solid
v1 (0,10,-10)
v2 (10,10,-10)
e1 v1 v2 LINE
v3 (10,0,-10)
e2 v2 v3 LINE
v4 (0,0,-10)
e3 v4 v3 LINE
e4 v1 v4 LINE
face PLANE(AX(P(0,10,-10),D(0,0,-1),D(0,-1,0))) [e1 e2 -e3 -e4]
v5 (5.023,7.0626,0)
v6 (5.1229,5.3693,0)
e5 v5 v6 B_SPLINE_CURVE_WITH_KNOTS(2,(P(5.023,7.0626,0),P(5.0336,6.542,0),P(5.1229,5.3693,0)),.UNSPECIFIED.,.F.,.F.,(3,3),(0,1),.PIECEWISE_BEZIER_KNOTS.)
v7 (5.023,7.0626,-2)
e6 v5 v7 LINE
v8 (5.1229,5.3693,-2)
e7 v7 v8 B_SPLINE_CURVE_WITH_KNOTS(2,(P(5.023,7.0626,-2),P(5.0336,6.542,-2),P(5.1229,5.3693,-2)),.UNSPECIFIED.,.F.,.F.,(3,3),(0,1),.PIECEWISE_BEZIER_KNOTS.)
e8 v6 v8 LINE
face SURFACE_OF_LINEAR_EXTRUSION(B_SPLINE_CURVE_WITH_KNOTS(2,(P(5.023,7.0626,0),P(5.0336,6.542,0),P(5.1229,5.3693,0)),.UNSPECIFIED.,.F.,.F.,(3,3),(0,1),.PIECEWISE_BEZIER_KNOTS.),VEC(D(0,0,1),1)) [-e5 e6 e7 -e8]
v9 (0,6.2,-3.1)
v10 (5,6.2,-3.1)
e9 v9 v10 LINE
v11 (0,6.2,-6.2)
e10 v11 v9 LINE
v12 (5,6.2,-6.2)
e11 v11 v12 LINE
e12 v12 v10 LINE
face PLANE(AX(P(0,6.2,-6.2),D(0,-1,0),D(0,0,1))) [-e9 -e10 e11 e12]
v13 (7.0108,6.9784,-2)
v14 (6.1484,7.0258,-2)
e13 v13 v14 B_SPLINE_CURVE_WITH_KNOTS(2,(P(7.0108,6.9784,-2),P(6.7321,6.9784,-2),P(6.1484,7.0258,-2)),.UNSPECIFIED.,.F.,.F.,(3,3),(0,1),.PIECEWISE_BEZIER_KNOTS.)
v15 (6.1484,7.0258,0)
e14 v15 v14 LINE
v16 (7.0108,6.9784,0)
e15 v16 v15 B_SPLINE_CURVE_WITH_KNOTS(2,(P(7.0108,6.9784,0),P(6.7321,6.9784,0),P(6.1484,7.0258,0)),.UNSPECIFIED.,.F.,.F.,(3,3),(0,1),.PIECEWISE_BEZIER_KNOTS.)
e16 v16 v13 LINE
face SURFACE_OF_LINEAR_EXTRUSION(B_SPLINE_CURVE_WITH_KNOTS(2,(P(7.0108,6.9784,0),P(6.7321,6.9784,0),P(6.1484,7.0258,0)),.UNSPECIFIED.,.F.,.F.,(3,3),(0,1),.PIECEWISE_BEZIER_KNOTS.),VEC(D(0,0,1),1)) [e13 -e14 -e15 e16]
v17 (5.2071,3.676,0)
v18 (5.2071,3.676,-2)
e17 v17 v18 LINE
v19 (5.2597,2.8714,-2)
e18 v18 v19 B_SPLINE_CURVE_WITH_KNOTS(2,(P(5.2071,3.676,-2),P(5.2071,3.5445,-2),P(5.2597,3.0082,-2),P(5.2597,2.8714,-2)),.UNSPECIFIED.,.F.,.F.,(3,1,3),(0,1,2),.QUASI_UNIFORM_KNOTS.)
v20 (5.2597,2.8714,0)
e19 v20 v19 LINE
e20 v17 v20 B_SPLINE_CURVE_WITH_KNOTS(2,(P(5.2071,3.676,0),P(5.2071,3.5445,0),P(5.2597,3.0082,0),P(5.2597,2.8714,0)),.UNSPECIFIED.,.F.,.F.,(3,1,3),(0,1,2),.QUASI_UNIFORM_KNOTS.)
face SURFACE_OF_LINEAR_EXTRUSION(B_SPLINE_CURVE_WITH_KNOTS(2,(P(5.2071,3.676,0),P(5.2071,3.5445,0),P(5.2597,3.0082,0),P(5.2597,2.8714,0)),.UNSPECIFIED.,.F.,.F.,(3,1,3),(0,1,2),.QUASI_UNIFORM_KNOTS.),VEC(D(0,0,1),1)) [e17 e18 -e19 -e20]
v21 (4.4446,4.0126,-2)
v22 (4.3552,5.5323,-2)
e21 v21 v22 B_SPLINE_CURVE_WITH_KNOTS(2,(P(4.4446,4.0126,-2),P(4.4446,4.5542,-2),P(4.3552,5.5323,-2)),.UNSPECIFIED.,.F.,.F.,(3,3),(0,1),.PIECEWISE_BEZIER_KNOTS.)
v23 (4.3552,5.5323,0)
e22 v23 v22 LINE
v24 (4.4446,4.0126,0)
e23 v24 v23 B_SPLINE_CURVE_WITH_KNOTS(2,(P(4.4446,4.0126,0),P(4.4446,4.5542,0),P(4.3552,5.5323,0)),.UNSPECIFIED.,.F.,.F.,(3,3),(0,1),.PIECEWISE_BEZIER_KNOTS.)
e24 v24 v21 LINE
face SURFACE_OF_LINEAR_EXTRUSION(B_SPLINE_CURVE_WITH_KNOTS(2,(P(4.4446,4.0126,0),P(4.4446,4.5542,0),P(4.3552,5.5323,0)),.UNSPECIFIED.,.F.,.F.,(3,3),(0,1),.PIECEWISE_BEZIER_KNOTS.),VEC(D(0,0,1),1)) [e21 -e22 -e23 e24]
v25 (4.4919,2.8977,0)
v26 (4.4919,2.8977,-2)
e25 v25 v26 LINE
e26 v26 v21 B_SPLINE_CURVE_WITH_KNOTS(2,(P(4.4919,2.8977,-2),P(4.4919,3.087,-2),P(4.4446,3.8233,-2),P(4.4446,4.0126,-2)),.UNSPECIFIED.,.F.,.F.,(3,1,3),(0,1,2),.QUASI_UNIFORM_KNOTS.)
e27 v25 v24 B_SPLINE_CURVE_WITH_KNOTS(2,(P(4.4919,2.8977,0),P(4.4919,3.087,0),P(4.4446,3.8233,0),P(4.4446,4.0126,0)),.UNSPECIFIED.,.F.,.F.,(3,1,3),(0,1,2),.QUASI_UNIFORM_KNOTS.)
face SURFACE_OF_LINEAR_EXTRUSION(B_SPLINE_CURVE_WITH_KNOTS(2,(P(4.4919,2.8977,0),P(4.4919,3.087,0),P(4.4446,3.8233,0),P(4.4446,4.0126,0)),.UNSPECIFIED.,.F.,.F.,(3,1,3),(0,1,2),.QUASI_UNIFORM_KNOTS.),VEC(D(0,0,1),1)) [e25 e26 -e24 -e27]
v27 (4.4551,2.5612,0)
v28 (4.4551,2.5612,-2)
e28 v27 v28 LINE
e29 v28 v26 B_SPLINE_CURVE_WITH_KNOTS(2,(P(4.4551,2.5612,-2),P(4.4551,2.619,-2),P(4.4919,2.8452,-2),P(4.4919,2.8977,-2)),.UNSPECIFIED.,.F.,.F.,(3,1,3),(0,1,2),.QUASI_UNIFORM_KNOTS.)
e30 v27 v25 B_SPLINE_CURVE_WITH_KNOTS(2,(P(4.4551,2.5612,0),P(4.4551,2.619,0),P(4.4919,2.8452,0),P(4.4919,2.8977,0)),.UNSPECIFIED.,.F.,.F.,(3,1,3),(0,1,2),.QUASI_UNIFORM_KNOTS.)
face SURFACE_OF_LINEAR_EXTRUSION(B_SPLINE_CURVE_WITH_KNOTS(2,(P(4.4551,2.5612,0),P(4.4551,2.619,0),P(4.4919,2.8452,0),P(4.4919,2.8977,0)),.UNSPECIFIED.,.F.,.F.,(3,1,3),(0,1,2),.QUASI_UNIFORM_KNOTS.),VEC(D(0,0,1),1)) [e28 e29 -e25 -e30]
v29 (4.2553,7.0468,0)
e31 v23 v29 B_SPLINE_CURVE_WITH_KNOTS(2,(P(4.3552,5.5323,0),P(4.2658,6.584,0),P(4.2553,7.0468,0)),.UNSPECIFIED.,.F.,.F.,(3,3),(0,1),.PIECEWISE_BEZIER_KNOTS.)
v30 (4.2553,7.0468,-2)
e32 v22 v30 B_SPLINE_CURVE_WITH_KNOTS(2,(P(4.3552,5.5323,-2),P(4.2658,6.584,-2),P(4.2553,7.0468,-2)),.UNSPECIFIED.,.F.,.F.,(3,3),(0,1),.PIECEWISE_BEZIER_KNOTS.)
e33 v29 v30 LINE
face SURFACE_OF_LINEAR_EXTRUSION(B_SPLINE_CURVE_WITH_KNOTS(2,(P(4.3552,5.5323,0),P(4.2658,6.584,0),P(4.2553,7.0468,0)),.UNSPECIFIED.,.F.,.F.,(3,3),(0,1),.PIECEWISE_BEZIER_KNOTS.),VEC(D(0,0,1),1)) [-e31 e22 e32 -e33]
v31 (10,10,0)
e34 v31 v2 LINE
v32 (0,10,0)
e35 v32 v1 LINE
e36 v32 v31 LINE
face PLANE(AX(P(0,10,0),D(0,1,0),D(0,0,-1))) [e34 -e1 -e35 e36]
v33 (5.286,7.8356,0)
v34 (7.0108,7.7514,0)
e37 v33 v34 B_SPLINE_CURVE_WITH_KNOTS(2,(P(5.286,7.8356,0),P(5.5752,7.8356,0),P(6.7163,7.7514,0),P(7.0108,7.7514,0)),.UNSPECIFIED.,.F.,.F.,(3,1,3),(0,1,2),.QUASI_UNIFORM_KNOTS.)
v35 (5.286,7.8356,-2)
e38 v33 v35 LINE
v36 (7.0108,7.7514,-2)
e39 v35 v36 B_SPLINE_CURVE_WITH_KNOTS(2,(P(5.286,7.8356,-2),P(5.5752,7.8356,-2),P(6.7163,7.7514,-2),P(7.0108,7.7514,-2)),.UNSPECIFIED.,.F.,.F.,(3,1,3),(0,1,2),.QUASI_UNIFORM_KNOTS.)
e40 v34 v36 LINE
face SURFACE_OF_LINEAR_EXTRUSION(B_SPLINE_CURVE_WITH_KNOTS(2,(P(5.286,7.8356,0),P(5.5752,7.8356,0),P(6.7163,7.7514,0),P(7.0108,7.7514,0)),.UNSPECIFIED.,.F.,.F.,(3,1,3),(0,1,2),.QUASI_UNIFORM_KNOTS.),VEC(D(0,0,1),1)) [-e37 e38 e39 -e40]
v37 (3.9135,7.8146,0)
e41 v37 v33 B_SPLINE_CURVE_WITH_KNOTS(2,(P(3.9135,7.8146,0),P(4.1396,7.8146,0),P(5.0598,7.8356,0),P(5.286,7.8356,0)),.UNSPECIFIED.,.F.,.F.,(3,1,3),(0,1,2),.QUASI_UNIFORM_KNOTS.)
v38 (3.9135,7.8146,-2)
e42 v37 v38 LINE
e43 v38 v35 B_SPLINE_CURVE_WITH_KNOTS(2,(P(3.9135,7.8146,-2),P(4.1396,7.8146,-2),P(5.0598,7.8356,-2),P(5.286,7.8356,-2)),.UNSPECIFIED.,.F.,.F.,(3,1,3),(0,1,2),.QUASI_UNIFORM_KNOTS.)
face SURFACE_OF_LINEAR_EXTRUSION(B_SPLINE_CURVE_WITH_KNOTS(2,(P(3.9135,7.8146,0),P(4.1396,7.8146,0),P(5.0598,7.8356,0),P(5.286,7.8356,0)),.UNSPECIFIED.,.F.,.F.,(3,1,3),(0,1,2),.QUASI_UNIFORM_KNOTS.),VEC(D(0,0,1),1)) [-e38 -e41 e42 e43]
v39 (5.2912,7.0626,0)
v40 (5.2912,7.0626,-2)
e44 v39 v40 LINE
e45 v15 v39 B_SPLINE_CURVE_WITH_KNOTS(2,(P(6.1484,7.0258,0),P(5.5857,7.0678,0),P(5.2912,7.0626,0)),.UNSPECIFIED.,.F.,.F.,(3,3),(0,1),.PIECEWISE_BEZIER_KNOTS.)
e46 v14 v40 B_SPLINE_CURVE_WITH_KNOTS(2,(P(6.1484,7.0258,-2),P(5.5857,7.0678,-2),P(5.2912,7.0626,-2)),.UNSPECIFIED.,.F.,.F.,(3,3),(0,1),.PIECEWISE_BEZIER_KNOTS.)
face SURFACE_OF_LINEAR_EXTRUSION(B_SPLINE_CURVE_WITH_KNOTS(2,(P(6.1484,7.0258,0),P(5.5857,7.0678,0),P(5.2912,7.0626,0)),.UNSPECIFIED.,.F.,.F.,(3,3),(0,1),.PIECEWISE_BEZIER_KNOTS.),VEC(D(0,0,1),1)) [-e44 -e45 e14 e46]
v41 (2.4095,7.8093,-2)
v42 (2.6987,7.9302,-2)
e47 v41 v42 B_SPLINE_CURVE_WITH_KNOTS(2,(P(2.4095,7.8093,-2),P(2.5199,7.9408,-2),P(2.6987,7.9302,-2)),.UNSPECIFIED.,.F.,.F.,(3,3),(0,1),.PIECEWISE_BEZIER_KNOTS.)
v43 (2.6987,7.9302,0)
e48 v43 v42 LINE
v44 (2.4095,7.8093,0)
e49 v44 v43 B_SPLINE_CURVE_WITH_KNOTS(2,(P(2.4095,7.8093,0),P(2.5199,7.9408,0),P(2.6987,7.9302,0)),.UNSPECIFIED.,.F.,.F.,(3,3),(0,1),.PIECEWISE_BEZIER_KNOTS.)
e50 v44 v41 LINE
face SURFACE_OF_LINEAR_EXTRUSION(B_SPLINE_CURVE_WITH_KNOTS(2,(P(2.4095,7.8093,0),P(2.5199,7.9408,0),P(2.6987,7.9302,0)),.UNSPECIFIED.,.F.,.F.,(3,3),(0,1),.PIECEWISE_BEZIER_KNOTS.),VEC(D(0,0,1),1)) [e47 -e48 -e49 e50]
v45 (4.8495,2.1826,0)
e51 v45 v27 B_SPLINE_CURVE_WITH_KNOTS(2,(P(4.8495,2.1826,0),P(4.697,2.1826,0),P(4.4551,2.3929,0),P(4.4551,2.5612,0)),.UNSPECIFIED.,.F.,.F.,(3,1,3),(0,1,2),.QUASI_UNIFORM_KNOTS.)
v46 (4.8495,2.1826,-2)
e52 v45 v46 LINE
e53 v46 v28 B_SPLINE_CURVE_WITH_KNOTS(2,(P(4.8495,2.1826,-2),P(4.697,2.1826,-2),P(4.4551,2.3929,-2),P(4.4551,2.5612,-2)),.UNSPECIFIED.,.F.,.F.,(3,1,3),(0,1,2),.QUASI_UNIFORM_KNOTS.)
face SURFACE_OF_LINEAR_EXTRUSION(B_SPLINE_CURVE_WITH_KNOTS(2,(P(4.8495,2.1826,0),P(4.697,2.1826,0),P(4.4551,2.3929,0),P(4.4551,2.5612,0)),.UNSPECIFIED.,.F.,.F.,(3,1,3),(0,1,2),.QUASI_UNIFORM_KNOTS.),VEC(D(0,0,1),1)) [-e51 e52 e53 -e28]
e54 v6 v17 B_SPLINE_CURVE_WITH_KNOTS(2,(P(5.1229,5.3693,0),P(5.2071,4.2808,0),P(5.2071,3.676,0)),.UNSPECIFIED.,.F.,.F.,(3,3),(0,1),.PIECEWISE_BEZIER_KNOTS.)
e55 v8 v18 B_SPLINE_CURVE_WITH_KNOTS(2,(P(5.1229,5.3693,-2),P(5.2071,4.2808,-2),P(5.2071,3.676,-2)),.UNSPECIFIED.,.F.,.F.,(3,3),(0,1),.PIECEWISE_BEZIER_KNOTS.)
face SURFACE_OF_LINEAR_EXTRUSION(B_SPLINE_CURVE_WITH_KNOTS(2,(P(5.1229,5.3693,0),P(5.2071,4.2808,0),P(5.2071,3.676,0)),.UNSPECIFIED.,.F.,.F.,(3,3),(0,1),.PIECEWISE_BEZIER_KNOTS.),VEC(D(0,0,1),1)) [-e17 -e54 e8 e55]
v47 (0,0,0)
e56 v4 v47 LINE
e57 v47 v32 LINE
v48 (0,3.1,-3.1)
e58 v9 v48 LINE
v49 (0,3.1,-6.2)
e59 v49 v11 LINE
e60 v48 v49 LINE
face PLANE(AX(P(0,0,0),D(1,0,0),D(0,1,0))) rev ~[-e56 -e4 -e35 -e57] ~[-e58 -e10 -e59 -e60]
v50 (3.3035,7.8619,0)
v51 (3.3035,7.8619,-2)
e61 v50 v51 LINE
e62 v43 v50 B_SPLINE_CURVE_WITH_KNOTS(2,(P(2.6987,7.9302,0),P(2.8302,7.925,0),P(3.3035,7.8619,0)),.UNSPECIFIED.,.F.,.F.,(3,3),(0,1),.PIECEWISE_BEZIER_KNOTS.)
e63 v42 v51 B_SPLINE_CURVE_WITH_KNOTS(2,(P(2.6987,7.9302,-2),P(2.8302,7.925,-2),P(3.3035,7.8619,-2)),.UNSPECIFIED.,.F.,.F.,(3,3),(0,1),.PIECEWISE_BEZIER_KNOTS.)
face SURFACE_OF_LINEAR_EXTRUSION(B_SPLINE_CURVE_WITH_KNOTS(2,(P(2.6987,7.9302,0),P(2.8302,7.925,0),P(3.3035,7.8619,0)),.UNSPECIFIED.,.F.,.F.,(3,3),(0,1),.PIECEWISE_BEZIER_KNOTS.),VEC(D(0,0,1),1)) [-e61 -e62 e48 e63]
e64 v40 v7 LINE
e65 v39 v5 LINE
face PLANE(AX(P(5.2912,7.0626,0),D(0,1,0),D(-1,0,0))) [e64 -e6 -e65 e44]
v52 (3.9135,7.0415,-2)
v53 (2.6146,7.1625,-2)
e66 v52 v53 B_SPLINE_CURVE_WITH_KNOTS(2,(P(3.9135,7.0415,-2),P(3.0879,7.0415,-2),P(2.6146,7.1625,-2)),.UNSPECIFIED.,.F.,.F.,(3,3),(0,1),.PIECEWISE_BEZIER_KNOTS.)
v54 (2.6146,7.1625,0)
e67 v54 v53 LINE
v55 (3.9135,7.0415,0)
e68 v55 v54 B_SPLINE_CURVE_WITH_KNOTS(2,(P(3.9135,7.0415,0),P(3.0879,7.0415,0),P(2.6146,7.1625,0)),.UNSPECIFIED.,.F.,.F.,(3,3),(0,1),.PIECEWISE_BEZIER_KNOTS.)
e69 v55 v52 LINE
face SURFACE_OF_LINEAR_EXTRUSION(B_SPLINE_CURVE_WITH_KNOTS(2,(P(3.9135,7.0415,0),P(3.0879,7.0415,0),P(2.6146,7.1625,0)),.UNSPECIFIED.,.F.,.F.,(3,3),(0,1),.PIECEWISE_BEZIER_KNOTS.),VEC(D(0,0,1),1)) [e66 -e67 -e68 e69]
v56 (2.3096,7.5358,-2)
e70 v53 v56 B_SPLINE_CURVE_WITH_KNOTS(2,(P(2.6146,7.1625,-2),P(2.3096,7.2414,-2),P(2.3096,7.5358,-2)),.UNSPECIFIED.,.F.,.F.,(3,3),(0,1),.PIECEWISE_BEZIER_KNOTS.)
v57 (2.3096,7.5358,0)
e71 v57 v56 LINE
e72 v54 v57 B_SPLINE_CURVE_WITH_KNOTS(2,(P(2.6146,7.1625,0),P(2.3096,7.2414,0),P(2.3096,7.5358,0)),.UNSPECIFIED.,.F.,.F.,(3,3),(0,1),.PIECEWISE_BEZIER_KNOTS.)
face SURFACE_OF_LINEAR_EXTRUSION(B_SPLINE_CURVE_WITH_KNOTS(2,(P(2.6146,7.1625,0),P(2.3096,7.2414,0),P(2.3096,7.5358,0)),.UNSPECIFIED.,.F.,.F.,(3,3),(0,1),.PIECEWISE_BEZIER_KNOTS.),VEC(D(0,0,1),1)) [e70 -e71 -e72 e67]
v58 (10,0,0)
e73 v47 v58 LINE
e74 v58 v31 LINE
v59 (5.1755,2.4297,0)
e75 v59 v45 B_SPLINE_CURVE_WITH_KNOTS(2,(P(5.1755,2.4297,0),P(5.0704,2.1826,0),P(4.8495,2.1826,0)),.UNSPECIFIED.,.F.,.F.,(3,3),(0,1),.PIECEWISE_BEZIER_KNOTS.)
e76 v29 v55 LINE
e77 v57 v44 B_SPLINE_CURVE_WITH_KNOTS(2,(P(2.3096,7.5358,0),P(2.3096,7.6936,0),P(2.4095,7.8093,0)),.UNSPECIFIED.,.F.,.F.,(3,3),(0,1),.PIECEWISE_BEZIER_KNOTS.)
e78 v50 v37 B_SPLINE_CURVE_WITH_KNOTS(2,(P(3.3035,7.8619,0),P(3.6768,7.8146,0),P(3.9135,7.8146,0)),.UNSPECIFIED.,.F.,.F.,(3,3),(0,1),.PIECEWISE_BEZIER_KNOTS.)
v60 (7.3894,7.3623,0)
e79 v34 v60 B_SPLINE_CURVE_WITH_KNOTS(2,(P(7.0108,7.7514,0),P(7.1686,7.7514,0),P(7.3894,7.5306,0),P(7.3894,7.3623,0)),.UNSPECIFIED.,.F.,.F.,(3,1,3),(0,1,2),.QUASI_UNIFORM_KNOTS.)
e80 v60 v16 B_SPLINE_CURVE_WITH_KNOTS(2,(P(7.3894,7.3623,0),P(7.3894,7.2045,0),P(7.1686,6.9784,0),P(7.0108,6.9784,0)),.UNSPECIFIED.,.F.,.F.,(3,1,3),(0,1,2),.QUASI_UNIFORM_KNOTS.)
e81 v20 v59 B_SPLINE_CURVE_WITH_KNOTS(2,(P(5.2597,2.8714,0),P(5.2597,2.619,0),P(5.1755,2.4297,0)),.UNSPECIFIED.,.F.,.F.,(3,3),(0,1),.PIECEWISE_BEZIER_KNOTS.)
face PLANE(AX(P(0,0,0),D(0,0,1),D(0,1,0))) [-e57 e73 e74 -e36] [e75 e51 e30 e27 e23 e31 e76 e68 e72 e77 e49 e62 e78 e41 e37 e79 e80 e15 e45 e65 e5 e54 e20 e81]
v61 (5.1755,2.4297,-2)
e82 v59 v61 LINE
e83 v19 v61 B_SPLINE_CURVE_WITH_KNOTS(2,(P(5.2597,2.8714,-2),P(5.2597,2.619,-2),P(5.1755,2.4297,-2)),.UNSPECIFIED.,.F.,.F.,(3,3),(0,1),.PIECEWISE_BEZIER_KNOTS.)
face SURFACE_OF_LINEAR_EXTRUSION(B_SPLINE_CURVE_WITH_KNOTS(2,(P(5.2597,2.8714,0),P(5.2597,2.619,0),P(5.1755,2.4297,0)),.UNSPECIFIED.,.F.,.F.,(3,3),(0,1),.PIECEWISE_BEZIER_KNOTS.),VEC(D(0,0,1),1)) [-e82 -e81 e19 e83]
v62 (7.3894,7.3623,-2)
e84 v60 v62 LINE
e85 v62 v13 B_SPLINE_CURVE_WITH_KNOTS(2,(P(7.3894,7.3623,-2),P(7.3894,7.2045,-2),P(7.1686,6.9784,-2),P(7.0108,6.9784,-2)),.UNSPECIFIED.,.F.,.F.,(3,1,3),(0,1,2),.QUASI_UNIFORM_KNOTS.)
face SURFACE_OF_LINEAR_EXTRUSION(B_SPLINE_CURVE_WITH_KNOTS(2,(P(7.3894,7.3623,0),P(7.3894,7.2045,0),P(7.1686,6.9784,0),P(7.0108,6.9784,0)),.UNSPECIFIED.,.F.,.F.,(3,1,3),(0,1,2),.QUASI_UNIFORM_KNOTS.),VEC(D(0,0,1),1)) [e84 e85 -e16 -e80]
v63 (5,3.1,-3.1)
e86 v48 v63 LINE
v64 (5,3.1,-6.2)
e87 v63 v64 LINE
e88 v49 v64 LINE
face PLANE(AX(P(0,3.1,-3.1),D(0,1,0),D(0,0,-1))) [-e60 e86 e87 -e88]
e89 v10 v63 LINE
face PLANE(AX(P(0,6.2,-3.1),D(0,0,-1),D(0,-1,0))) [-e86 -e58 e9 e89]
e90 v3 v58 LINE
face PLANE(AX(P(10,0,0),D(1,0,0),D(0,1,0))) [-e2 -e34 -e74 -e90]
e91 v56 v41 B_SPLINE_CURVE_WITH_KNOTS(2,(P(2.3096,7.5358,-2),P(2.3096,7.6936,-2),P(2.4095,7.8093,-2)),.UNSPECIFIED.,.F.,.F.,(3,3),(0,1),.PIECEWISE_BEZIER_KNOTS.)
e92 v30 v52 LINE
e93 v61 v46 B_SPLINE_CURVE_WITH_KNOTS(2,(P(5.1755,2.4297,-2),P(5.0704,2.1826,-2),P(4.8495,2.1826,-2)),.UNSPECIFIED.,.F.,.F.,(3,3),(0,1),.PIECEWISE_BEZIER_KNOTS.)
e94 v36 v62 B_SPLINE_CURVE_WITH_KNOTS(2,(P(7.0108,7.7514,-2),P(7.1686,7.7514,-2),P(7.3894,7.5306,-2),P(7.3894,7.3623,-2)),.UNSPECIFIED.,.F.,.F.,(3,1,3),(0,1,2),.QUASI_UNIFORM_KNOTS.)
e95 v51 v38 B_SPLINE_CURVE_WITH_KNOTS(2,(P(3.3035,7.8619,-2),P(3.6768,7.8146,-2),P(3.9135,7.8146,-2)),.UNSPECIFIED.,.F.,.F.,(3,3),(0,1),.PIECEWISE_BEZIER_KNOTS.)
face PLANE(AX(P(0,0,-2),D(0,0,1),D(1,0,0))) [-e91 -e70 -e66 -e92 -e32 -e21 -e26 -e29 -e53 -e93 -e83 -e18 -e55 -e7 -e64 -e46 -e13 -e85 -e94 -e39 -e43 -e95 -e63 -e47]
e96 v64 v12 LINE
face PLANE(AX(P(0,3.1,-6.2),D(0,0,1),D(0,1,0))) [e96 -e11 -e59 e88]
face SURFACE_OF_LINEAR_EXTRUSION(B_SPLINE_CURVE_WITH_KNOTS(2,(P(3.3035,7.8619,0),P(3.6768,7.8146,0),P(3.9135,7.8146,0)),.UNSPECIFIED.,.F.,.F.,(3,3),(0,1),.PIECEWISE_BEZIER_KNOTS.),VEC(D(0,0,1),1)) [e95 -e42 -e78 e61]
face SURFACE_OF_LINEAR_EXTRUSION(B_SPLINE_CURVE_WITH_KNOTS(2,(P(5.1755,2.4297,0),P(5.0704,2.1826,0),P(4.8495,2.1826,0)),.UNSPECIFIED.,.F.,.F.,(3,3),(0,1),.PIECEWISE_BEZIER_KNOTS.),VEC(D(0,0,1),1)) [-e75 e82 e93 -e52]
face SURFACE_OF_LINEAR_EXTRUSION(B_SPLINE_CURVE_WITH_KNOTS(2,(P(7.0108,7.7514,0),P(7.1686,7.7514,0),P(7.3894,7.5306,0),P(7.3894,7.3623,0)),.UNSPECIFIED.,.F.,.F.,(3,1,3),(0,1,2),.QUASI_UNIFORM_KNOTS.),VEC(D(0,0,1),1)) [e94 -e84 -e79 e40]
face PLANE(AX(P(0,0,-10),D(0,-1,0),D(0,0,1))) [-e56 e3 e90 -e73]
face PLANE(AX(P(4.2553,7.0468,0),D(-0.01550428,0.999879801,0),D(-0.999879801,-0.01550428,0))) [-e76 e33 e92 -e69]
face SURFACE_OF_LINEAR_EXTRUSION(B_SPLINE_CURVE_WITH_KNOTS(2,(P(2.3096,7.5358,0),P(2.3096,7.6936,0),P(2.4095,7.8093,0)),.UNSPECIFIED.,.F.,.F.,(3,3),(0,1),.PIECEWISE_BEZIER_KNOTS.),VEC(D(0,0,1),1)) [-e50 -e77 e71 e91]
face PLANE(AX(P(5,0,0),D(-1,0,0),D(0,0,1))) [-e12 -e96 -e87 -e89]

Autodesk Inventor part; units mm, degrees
ref_plane "YZ Plane" through (0, 0, 0) normal (1, 0, 0) x (0, 1, 0)
ref_plane "XZ Plane" through (0, 0, 0) normal (0, 1, 0) x (-1, 0, 0)
ref_plane "XY Plane" through (0, 0, 0) normal (0, 0, 1) x (1, 0, 0)
sketch "Sketch1" plane through (0, 0, 0) normal (1, 0, 0) x (0, 1, 0)
  line L0 (0, 0) -> (10, 0)
  line L1 (10, 0) -> (10, -10)
  line L2 (10, -10) -> (0, -10)
  line L3 (0, -10) -> (0, 0)
  dimension "d0" = 10
  dimension "d1" = 10
extrude "Extrusion1" add sketch "Sketch1" along normal blind 10
sketch "Sketch4" plane through (0, 0, 0) normal (0, 0, 1) x (1, 0, 0)
  line L0 (1.8731, 7.9408) -> (4.4271, 7.9408) construction
  line L1 (4.4271, 7.9408) -> (4.4271, 4.8928) construction
  line L2 (4.4271, 4.8928) -> (1.8731, 4.8928) construction
  line L3 (1.8731, 4.8928) -> (1.8731, 7.9408) construction
  spline S0 degree 2 poles (7.0108, 6.9784) (6.7321, 6.9784) (6.1484, 7.0258) knots 0 0 0 1 1 1
  spline S1 degree 2 poles (6.1484, 7.0258) (5.5857, 7.0678) (5.2912, 7.0626) knots 0 0 0 1 1 1
  line L4 (5.2912, 7.0626) -> (5.023, 7.0626)
  spline S2 degree 2 poles (5.023, 7.0626) (5.0336, 6.542) (5.1229, 5.3693) knots 0 0 0 1 1 1
  spline S3 degree 2 poles (5.1229, 5.3693) (5.2071, 4.2808) (5.2071, 3.676) knots 0 0 0 1 1 1
  spline S4 degree 2 poles (5.2071, 3.676) (5.2071, 3.5445) (5.2597, 3.0082) (5.2597, 2.8714) knots 0 0 0 1 2 2 2
  spline S5 degree 2 poles (5.2597, 2.8714) (5.2597, 2.619) (5.1755, 2.4297) knots 0 0 0 1 1 1
  spline S6 degree 2 poles (5.1755, 2.4297) (5.0704, 2.1826) (4.8495, 2.1826) knots 0 0 0 1 1 1
  spline S7 degree 2 poles (4.8495, 2.1826) (4.697, 2.1826) (4.4551, 2.3929) (4.4551, 2.5612) knots 0 0 0 1 2 2 2
  spline S8 degree 2 poles (4.4551, 2.5612) (4.4551, 2.619) (4.4919, 2.8452) (4.4919, 2.8977) knots 0 0 0 1 2 2 2
  spline S9 degree 2 poles (4.4919, 2.8977) (4.4919, 3.087) (4.4446, 3.8233) (4.4446, 4.0126) knots 0 0 0 1 2 2 2
  spline S10 degree 2 poles (4.4446, 4.0126) (4.4446, 4.5542) (4.3552, 5.5323) knots 0 0 0 1 1 1
  spline S11 degree 2 poles (4.3552, 5.5323) (4.2658, 6.584) (4.2553, 7.0468) knots 0 0 0 1 1 1
  line L5 (4.2553, 7.0468) -> (3.9135, 7.0415)
  spline S12 degree 2 poles (3.9135, 7.0415) (3.0879, 7.0415) (2.6146, 7.1625) knots 0 0 0 1 1 1
  spline S13 degree 2 poles (2.6146, 7.1625) (2.3096, 7.2414) (2.3096, 7.5358) knots 0 0 0 1 1 1
  spline S14 degree 2 poles (2.3096, 7.5358) (2.3096, 7.6936) (2.4095, 7.8093) knots 0 0 0 1 1 1
  spline S15 degree 2 poles (2.4095, 7.8093) (2.5199, 7.9408) (2.6987, 7.9302) knots 0 0 0 1 1 1
  spline S16 degree 2 poles (2.6987, 7.9302) (2.8302, 7.925) (3.3035, 7.8619) knots 0 0 0 1 1 1
  spline S17 degree 2 poles (3.3035, 7.8619) (3.6768, 7.8146) (3.9135, 7.8146) knots 0 0 0 1 1 1
  spline S18 degree 2 poles (3.9135, 7.8146) (4.1396, 7.8146) (5.0598, 7.8356) (5.286, 7.8356) knots 0 0 0 1 2 2 2
  spline S19 degree 2 poles (5.286, 7.8356) (5.5752, 7.8356) (6.7163, 7.7514) (7.0108, 7.7514) knots 0 0 0 1 2 2 2
  spline S20 degree 2 poles (7.0108, 7.7514) (7.1686, 7.7514) (7.3894, 7.5306) (7.3894, 7.3623) knots 0 0 0 1 2 2 2
  spline S21 degree 2 poles (7.3894, 7.3623) (7.3894, 7.2045) (7.1686, 6.9784) (7.0108, 6.9784) knots 0 0 0 1 2 2 2
  point P0 (0, 0)
extrude "Extrusion4" cut sketch "Sketch4" against normal blind 2
sketch "Sketch7" plane through (0, 0, 0) normal (-1, 0, 0) x (0, 0, 1)
  line L0 (-3.1, 3.1) -> (-6.2, 3.1)
  line L1 (-6.2, 3.1) -> (-6.2, 6.2)
  line L2 (-6.2, 6.2) -> (-3.1, 6.2)
  line L3 (-3.1, 6.2) -> (-3.1, 3.1)
  point P0 (0, 0)
  dimension "d16" = 3.1
  dimension "d17" = 3.1
extrude "Extrusion6" cut sketch "Sketch7" against normal blind 5
properties part number "Thymine"
